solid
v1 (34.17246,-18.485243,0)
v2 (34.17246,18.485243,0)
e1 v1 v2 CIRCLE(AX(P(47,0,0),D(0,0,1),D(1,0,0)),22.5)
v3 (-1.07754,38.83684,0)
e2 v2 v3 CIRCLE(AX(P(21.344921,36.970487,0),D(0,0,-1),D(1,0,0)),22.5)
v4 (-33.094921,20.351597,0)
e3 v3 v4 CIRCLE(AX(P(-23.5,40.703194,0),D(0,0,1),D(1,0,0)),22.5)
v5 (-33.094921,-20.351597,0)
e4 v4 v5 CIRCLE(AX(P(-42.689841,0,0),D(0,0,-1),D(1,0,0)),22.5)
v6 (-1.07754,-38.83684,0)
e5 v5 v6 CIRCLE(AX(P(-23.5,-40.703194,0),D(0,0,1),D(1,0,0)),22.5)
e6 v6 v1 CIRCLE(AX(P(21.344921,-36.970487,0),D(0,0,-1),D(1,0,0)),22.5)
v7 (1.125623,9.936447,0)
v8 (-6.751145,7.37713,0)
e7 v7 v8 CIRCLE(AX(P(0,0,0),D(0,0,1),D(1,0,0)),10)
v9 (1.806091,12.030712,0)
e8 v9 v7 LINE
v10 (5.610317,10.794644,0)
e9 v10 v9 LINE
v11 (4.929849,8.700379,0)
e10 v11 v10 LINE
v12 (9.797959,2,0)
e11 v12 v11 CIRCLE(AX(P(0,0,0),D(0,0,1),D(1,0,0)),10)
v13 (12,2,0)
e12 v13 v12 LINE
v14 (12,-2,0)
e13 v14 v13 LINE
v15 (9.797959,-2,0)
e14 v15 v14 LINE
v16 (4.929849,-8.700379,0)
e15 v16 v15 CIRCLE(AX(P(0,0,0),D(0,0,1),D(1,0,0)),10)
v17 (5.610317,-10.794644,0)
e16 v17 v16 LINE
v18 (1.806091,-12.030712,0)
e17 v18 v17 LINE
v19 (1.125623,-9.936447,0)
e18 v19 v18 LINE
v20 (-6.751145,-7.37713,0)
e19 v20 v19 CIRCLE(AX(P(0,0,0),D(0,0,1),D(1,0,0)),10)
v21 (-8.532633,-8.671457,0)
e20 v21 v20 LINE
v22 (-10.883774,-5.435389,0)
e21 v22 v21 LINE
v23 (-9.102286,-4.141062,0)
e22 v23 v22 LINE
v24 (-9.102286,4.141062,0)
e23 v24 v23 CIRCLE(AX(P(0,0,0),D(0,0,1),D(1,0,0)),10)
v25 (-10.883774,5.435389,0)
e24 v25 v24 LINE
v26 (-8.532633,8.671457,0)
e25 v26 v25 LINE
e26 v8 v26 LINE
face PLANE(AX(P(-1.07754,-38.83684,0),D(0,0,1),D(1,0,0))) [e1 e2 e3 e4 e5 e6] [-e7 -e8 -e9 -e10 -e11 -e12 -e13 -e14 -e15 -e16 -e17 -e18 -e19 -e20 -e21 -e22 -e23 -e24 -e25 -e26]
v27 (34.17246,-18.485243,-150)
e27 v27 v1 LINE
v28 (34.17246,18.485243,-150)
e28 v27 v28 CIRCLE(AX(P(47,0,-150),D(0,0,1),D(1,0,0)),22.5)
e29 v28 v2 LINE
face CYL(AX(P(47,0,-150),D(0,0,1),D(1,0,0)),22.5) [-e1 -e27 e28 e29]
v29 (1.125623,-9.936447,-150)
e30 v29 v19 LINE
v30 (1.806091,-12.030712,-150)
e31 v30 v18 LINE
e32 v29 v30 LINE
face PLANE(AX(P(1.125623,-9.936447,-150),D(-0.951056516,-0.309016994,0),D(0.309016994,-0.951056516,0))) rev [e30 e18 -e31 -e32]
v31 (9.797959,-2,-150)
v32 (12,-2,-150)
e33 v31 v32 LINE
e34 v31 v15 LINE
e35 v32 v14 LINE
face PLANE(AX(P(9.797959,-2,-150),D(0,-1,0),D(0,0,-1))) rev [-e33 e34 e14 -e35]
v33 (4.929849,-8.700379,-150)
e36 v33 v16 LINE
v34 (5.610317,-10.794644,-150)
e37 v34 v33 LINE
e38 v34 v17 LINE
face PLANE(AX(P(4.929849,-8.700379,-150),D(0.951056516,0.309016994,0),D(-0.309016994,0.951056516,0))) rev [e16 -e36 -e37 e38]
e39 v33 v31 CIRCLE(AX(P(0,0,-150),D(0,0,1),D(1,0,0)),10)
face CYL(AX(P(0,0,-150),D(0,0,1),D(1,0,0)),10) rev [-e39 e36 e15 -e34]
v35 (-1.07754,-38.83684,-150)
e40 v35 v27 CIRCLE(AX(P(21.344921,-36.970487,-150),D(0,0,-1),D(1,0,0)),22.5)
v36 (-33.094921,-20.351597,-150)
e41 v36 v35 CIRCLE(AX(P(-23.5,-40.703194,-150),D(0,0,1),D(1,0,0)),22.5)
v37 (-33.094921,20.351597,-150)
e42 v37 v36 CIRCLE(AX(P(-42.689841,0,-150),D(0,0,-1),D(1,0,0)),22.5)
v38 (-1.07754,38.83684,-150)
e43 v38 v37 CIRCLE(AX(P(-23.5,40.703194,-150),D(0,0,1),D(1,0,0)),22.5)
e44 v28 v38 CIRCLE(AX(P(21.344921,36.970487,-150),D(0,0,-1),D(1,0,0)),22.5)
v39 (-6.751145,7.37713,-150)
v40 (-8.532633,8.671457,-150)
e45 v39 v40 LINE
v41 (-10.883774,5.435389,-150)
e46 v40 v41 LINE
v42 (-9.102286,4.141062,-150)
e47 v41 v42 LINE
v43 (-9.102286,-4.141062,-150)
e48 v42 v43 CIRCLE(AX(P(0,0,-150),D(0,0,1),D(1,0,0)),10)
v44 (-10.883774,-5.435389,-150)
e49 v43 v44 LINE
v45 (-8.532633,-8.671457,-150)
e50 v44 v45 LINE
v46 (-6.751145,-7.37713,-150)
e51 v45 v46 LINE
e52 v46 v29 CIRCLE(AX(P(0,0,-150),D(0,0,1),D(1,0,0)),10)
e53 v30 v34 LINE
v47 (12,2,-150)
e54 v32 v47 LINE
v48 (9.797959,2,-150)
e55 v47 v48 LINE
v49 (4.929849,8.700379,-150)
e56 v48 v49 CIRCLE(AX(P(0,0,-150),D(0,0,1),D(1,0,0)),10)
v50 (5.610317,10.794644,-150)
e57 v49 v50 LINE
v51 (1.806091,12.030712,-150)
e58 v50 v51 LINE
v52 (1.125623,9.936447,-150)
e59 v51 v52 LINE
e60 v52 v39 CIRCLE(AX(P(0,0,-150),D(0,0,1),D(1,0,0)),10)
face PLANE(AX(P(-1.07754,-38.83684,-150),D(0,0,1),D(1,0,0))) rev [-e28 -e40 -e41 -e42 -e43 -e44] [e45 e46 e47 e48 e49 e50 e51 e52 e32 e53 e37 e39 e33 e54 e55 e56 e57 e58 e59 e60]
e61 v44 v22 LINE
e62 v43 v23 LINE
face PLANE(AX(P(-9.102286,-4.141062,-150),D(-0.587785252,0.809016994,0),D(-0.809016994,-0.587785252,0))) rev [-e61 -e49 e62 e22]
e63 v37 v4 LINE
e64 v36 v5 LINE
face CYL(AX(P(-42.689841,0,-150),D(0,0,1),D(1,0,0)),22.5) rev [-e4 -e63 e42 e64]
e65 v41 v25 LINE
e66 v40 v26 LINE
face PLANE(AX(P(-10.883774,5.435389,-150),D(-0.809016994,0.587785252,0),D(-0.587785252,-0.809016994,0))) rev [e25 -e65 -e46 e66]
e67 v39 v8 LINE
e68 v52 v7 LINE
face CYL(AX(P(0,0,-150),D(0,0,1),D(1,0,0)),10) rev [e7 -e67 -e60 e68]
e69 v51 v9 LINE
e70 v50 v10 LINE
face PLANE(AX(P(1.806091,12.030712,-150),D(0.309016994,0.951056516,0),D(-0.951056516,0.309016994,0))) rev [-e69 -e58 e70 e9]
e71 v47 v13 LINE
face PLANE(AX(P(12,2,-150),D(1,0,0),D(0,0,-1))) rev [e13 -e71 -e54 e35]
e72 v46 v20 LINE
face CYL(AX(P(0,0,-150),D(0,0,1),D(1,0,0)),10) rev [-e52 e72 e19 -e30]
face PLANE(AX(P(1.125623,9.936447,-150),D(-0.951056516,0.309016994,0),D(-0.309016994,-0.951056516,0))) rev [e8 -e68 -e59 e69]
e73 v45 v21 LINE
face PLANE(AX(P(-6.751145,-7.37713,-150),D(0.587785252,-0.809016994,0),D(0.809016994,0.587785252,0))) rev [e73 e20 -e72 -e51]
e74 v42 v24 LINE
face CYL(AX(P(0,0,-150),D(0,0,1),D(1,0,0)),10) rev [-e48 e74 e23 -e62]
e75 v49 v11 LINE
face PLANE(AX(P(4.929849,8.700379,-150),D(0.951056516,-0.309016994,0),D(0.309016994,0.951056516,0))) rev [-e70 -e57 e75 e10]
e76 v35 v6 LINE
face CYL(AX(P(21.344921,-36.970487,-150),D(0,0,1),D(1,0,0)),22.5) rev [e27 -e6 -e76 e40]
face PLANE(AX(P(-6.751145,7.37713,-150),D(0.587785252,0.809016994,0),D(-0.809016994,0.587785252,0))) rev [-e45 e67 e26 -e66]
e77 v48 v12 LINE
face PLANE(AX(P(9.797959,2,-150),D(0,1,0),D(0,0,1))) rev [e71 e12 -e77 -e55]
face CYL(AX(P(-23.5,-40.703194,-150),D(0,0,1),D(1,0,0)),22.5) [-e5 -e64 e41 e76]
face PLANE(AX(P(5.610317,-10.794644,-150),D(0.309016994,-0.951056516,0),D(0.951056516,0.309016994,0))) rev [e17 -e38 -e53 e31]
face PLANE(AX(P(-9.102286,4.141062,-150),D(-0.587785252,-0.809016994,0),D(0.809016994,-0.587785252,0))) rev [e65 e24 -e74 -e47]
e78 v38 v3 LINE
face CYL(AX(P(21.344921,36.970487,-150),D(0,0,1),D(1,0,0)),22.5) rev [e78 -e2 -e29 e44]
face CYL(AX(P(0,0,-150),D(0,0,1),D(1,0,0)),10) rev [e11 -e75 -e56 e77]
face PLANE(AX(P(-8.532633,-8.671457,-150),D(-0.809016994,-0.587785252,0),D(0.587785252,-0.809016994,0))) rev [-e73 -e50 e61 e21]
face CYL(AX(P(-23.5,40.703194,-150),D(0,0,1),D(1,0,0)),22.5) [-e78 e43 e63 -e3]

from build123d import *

# Parameters (mm, degrees)
BOSS_EXTRUDE1_DEPTH = 150
CUT_EXTRUDE1_DEPTH  = 177.988399984


with BuildPart() as part:
    # Sketch1 → Boss-Extrude1 (new body)
    with BuildSketch(Plane.XY):
        with BuildLine():
            ThreePointArc((34.172460266, -18.485243422), (69.5, 0), (34.172460266, 18.485243422))
            ThreePointArc((34.172460266, 18.485243422), (10.094920531, 17.484915258), (-1.077539734, 38.836840411))
            ThreePointArc((-1.077539734, 38.836840411), (-34.75, 60.188765563), (-33.094920531, 20.351596989))
            ThreePointArc((-33.094920531, 20.351596989), (-20.189841062, 0), (-33.094920531, -20.351596989))
            ThreePointArc((-33.094920531, -20.351596989), (-34.75, -60.188765563), (-1.077539734, -38.836840411))
            ThreePointArc((-1.077539734, -38.836840411), (10.094920531, -17.484915258), (34.172460266, -18.485243422))
        make_face()
    extrude(amount=-BOSS_EXTRUDE1_DEPTH)

    # Sketch2 → Cut-Extrude1 (cut, through all)
    with BuildSketch(Plane.XY):
        with BuildLine():
            Line((9.797958971, 2), (12, 2))
            Line((12, 2), (12, -2))
            Line((12, -2), (9.797958971, -2))
            ThreePointArc((9.797958971, -2), (8.090169944, -5.877852523), (4.929848865, -8.700378737))
            Line((4.929848865, -8.700378737), (5.610316965, -10.794644207))
            Line((5.610316965, -10.794644207), (1.8060909, -12.030712184))
            Line((1.8060909, -12.030712184), (1.1256228, -9.936446715))
            ThreePointArc((1.1256228, -9.936446715), (-3.090169944, -9.510565163), (-6.751144813, -7.377129775))
            Line((-6.751144813, -7.377129775), (-8.532633428, -8.671457016))
            Line((-8.532633428, -8.671457016), (-10.883774437, -5.435389039))
            Line((-10.883774437, -5.435389039), (-9.102285822, -4.141061797))
            ThreePointArc((-9.102285822, -4.141061797), (-10, 0), (-9.102285822, 4.141061797))
            Line((-9.102285822, 4.141061797), (-10.883774437, 5.435389039))
            Line((-10.883774437, 5.435389039), (-8.532633428, 8.671457016))
            Line((-8.532633428, 8.671457016), (-6.751144813, 7.377129775))
            ThreePointArc((-6.751144813, 7.377129775), (-3.090169944, 9.510565163), (1.1256228, 9.936446715))
            Line((1.1256228, 9.936446715), (1.8060909, 12.030712184))
            Line((1.8060909, 12.030712184), (5.610316965, 10.794644207))
            Line((5.610316965, 10.794644207), (4.929848865, 8.700378737))
            ThreePointArc((4.929848865, 8.700378737), (8.090169944, 5.877852523), (9.797958971, 2))
        make_face()
    extrude(amount=-CUT_EXTRUDE1_DEPTH, mode=Mode.SUBTRACT)


solid = part.part
